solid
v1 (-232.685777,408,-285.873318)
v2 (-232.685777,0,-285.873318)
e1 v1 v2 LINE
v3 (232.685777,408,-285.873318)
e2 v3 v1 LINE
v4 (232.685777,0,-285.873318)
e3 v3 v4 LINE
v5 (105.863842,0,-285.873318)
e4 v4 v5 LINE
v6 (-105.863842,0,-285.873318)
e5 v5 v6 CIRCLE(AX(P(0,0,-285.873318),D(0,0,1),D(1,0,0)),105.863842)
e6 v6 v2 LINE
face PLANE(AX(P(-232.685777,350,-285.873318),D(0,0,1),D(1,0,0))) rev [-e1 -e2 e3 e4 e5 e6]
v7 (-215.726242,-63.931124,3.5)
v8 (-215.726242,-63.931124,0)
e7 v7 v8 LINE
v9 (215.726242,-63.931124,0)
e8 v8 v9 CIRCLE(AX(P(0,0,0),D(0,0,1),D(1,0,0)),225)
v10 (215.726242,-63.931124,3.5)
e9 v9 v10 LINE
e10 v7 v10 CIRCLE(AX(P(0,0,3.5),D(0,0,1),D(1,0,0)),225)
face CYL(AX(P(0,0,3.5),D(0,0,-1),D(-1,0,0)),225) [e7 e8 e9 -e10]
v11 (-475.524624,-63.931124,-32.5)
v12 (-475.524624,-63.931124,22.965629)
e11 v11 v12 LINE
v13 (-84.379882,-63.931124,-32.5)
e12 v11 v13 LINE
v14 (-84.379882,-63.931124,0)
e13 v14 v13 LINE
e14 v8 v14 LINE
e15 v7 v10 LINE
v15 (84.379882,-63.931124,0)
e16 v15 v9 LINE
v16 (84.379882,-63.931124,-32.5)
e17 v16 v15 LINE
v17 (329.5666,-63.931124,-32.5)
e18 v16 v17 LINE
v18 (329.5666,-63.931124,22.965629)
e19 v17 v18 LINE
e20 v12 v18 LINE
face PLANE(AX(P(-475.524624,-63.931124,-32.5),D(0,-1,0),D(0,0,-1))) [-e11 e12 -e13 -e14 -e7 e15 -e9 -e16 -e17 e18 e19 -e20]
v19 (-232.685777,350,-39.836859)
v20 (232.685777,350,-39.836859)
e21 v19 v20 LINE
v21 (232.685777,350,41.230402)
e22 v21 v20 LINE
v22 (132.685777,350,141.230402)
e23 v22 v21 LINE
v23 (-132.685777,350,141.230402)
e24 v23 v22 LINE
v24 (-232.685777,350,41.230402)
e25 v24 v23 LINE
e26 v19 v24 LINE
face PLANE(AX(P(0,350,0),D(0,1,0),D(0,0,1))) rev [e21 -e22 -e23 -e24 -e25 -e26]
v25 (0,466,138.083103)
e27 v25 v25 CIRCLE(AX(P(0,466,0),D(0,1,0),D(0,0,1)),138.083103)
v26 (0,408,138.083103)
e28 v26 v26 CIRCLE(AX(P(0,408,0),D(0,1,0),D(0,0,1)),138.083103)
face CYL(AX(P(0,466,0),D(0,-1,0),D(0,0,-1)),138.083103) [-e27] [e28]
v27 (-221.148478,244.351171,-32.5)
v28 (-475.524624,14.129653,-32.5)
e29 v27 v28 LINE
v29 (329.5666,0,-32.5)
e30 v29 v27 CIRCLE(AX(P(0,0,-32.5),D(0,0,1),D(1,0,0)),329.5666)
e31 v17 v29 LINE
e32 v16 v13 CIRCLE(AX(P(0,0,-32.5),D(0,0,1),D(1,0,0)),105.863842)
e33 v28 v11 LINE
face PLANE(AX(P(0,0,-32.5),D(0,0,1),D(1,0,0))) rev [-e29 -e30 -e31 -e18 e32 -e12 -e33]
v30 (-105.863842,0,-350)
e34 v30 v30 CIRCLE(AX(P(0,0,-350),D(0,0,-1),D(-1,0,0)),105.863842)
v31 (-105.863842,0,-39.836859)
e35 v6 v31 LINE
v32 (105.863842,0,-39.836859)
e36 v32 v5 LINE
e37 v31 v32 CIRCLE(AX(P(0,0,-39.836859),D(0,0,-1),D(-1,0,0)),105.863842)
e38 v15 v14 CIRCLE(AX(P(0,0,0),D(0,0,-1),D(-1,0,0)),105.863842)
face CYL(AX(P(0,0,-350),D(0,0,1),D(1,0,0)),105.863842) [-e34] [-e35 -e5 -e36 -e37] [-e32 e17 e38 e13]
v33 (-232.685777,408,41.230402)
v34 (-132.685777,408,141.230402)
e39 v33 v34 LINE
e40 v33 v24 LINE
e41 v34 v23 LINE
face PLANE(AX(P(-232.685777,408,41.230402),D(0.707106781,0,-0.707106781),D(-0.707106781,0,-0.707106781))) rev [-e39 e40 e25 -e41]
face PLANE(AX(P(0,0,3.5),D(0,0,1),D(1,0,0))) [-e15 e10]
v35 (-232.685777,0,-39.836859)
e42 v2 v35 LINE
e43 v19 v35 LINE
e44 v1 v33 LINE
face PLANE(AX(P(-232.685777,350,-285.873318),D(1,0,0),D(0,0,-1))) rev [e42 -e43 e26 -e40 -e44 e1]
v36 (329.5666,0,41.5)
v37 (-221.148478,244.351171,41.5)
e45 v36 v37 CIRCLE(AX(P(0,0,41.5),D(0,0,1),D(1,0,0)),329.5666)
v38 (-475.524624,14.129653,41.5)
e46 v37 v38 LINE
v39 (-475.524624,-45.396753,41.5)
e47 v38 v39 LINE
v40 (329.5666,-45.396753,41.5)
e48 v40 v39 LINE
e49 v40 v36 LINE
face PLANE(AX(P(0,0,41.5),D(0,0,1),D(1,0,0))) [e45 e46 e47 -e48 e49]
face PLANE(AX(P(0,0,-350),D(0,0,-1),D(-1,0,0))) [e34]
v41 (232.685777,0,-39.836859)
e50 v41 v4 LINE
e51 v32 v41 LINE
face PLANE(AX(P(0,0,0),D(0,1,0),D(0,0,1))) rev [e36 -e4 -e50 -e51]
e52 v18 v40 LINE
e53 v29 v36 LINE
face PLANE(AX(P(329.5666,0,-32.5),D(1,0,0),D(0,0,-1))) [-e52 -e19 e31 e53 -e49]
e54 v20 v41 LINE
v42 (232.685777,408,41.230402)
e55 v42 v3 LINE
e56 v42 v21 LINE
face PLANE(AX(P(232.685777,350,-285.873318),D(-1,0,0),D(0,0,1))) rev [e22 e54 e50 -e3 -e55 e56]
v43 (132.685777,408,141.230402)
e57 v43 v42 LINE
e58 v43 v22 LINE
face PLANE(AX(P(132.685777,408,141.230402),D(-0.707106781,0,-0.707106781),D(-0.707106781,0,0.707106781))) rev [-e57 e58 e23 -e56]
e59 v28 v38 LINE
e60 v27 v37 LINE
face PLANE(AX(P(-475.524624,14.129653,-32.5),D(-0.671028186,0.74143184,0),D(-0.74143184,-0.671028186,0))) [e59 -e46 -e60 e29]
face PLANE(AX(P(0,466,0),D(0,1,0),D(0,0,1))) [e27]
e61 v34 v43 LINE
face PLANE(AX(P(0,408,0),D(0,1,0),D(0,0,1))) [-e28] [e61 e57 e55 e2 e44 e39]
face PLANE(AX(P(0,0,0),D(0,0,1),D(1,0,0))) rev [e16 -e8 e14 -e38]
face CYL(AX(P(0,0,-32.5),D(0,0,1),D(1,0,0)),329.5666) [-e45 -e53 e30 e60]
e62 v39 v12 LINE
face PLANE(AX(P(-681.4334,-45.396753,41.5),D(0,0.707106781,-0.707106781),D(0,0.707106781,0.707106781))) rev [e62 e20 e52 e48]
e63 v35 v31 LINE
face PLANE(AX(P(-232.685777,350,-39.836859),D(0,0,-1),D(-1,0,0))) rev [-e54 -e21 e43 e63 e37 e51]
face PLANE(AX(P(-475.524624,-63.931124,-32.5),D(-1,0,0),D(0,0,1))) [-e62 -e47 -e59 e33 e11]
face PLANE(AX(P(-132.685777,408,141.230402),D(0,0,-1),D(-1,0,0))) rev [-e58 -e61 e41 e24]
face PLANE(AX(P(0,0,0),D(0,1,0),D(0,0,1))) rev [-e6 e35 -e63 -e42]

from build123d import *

# Parameters (mm, degrees)
SKETCH1_R                = 225
BOSS_EXTRUDE1_DEPTH      = 3.5
SKETCH2_R                = 105.863842181
BOSS_EXTRUDE2_DEPTH      = 350
SKETCH3_W                = 465.371554394
SKETCH3_H                = 246.036459022
BOSS_EXTRUDE3_DEPTH      = 350
BOSS_EXTRUDE4_DEPTH      = 38
BOSS_EXTRUDE4_DEPTH_BACK = 36
CUT_EXTRUDE1_DEPTH       = 1011
BOSS_EXTRUDE5_DEPTH      = 58
SKETCH7_R                = 138.083103167
BOSS_EXTRUDE6_DEPTH      = 58


with BuildPart() as part:
    # Sketch1 → Boss-Extrude1 (new body)
    with BuildSketch(Plane.XY):
        Circle(SKETCH1_R)
    extrude(amount=BOSS_EXTRUDE1_DEPTH)

    # Sketch2 → Boss-Extrude2 (add)
    with BuildSketch(Plane(origin=(0, 0, 0), x_dir=(-1, 0, 0), z_dir=(0, 0, -1))):
        Circle(SKETCH2_R)
    extrude(amount=BOSS_EXTRUDE2_DEPTH)

    # Sketch3 → Boss-Extrude3 (add)
    with BuildSketch(Plane(origin=(0, 0, 0), x_dir=(1, 0, 0), z_dir=(0, 1, 0))):
        with Locations((0, 162.855088027)):
            Rectangle(SKETCH3_W, SKETCH3_H)
    extrude(amount=BOSS_EXTRUDE3_DEPTH)

    # Sketch4 → Boss-Extrude4 (add, two sides: drawn at the far end of the back side and taken through both)
    with BuildSketch(Plane.XY.offset(3.5).offset(-BOSS_EXTRUDE4_DEPTH_BACK)):
        with BuildLine():
            Line((-475.524623773, -63.931124179), (329.566599898, -63.931124179))
            Line((329.566599898, -63.931124179), (329.566599898, 0))
            ThreePointArc((329.566599898, 0), (133.661871779, 301.245162287), (-221.148477595, 244.351170707))
            Line((-221.148477595, 244.351170707), (-475.524623773, 14.129652631))
            Line((-475.524623773, 14.129652631), (-475.524623773, -63.931124179))
        make_face()
    extrude(amount=BOSS_EXTRUDE4_DEPTH + BOSS_EXTRUDE4_DEPTH_BACK)

    # Sketch5 → Cut-Extrude1 (cut)
    with BuildSketch(Plane(origin=(329.566599898, 0, 0), x_dir=(0, 0, -1), z_dir=(1, 0, 0))):
        Polygon((-41.5, -63.931124179), (-41.5, -45.396753324), (-22.965629146, -63.931124179), align=None)
    extrude(amount=-CUT_EXTRUDE1_DEPTH, mode=Mode.SUBTRACT)

    # Sketch6 → Boss-Extrude5 (add)
    with BuildSketch(Plane(origin=(0, 350, 0), x_dir=(1, 0, 0), z_dir=(0, 1, 0))):
        Polygon((-232.685777197, 285.873317538), (232.685777197, 285.873317538), (232.685777197, -41.230401705), (132.685777197, -141.230401705), (-132.685777197, -141.230401705), (-232.685777197, -41.230401705), align=None)
    extrude(amount=BOSS_EXTRUDE5_DEPTH)

    # Sketch7 → Boss-Extrude6 (add)
    with BuildSketch(Plane(origin=(0, 408, 0), x_dir=(1, 0, 0), z_dir=(0, 1, 0))):
        with Locations(Location((0, 0, 0), (0, 0, 270))):
            Circle(SKETCH7_R)
    extrude(amount=BOSS_EXTRUDE6_DEPTH)


solid = part.part
